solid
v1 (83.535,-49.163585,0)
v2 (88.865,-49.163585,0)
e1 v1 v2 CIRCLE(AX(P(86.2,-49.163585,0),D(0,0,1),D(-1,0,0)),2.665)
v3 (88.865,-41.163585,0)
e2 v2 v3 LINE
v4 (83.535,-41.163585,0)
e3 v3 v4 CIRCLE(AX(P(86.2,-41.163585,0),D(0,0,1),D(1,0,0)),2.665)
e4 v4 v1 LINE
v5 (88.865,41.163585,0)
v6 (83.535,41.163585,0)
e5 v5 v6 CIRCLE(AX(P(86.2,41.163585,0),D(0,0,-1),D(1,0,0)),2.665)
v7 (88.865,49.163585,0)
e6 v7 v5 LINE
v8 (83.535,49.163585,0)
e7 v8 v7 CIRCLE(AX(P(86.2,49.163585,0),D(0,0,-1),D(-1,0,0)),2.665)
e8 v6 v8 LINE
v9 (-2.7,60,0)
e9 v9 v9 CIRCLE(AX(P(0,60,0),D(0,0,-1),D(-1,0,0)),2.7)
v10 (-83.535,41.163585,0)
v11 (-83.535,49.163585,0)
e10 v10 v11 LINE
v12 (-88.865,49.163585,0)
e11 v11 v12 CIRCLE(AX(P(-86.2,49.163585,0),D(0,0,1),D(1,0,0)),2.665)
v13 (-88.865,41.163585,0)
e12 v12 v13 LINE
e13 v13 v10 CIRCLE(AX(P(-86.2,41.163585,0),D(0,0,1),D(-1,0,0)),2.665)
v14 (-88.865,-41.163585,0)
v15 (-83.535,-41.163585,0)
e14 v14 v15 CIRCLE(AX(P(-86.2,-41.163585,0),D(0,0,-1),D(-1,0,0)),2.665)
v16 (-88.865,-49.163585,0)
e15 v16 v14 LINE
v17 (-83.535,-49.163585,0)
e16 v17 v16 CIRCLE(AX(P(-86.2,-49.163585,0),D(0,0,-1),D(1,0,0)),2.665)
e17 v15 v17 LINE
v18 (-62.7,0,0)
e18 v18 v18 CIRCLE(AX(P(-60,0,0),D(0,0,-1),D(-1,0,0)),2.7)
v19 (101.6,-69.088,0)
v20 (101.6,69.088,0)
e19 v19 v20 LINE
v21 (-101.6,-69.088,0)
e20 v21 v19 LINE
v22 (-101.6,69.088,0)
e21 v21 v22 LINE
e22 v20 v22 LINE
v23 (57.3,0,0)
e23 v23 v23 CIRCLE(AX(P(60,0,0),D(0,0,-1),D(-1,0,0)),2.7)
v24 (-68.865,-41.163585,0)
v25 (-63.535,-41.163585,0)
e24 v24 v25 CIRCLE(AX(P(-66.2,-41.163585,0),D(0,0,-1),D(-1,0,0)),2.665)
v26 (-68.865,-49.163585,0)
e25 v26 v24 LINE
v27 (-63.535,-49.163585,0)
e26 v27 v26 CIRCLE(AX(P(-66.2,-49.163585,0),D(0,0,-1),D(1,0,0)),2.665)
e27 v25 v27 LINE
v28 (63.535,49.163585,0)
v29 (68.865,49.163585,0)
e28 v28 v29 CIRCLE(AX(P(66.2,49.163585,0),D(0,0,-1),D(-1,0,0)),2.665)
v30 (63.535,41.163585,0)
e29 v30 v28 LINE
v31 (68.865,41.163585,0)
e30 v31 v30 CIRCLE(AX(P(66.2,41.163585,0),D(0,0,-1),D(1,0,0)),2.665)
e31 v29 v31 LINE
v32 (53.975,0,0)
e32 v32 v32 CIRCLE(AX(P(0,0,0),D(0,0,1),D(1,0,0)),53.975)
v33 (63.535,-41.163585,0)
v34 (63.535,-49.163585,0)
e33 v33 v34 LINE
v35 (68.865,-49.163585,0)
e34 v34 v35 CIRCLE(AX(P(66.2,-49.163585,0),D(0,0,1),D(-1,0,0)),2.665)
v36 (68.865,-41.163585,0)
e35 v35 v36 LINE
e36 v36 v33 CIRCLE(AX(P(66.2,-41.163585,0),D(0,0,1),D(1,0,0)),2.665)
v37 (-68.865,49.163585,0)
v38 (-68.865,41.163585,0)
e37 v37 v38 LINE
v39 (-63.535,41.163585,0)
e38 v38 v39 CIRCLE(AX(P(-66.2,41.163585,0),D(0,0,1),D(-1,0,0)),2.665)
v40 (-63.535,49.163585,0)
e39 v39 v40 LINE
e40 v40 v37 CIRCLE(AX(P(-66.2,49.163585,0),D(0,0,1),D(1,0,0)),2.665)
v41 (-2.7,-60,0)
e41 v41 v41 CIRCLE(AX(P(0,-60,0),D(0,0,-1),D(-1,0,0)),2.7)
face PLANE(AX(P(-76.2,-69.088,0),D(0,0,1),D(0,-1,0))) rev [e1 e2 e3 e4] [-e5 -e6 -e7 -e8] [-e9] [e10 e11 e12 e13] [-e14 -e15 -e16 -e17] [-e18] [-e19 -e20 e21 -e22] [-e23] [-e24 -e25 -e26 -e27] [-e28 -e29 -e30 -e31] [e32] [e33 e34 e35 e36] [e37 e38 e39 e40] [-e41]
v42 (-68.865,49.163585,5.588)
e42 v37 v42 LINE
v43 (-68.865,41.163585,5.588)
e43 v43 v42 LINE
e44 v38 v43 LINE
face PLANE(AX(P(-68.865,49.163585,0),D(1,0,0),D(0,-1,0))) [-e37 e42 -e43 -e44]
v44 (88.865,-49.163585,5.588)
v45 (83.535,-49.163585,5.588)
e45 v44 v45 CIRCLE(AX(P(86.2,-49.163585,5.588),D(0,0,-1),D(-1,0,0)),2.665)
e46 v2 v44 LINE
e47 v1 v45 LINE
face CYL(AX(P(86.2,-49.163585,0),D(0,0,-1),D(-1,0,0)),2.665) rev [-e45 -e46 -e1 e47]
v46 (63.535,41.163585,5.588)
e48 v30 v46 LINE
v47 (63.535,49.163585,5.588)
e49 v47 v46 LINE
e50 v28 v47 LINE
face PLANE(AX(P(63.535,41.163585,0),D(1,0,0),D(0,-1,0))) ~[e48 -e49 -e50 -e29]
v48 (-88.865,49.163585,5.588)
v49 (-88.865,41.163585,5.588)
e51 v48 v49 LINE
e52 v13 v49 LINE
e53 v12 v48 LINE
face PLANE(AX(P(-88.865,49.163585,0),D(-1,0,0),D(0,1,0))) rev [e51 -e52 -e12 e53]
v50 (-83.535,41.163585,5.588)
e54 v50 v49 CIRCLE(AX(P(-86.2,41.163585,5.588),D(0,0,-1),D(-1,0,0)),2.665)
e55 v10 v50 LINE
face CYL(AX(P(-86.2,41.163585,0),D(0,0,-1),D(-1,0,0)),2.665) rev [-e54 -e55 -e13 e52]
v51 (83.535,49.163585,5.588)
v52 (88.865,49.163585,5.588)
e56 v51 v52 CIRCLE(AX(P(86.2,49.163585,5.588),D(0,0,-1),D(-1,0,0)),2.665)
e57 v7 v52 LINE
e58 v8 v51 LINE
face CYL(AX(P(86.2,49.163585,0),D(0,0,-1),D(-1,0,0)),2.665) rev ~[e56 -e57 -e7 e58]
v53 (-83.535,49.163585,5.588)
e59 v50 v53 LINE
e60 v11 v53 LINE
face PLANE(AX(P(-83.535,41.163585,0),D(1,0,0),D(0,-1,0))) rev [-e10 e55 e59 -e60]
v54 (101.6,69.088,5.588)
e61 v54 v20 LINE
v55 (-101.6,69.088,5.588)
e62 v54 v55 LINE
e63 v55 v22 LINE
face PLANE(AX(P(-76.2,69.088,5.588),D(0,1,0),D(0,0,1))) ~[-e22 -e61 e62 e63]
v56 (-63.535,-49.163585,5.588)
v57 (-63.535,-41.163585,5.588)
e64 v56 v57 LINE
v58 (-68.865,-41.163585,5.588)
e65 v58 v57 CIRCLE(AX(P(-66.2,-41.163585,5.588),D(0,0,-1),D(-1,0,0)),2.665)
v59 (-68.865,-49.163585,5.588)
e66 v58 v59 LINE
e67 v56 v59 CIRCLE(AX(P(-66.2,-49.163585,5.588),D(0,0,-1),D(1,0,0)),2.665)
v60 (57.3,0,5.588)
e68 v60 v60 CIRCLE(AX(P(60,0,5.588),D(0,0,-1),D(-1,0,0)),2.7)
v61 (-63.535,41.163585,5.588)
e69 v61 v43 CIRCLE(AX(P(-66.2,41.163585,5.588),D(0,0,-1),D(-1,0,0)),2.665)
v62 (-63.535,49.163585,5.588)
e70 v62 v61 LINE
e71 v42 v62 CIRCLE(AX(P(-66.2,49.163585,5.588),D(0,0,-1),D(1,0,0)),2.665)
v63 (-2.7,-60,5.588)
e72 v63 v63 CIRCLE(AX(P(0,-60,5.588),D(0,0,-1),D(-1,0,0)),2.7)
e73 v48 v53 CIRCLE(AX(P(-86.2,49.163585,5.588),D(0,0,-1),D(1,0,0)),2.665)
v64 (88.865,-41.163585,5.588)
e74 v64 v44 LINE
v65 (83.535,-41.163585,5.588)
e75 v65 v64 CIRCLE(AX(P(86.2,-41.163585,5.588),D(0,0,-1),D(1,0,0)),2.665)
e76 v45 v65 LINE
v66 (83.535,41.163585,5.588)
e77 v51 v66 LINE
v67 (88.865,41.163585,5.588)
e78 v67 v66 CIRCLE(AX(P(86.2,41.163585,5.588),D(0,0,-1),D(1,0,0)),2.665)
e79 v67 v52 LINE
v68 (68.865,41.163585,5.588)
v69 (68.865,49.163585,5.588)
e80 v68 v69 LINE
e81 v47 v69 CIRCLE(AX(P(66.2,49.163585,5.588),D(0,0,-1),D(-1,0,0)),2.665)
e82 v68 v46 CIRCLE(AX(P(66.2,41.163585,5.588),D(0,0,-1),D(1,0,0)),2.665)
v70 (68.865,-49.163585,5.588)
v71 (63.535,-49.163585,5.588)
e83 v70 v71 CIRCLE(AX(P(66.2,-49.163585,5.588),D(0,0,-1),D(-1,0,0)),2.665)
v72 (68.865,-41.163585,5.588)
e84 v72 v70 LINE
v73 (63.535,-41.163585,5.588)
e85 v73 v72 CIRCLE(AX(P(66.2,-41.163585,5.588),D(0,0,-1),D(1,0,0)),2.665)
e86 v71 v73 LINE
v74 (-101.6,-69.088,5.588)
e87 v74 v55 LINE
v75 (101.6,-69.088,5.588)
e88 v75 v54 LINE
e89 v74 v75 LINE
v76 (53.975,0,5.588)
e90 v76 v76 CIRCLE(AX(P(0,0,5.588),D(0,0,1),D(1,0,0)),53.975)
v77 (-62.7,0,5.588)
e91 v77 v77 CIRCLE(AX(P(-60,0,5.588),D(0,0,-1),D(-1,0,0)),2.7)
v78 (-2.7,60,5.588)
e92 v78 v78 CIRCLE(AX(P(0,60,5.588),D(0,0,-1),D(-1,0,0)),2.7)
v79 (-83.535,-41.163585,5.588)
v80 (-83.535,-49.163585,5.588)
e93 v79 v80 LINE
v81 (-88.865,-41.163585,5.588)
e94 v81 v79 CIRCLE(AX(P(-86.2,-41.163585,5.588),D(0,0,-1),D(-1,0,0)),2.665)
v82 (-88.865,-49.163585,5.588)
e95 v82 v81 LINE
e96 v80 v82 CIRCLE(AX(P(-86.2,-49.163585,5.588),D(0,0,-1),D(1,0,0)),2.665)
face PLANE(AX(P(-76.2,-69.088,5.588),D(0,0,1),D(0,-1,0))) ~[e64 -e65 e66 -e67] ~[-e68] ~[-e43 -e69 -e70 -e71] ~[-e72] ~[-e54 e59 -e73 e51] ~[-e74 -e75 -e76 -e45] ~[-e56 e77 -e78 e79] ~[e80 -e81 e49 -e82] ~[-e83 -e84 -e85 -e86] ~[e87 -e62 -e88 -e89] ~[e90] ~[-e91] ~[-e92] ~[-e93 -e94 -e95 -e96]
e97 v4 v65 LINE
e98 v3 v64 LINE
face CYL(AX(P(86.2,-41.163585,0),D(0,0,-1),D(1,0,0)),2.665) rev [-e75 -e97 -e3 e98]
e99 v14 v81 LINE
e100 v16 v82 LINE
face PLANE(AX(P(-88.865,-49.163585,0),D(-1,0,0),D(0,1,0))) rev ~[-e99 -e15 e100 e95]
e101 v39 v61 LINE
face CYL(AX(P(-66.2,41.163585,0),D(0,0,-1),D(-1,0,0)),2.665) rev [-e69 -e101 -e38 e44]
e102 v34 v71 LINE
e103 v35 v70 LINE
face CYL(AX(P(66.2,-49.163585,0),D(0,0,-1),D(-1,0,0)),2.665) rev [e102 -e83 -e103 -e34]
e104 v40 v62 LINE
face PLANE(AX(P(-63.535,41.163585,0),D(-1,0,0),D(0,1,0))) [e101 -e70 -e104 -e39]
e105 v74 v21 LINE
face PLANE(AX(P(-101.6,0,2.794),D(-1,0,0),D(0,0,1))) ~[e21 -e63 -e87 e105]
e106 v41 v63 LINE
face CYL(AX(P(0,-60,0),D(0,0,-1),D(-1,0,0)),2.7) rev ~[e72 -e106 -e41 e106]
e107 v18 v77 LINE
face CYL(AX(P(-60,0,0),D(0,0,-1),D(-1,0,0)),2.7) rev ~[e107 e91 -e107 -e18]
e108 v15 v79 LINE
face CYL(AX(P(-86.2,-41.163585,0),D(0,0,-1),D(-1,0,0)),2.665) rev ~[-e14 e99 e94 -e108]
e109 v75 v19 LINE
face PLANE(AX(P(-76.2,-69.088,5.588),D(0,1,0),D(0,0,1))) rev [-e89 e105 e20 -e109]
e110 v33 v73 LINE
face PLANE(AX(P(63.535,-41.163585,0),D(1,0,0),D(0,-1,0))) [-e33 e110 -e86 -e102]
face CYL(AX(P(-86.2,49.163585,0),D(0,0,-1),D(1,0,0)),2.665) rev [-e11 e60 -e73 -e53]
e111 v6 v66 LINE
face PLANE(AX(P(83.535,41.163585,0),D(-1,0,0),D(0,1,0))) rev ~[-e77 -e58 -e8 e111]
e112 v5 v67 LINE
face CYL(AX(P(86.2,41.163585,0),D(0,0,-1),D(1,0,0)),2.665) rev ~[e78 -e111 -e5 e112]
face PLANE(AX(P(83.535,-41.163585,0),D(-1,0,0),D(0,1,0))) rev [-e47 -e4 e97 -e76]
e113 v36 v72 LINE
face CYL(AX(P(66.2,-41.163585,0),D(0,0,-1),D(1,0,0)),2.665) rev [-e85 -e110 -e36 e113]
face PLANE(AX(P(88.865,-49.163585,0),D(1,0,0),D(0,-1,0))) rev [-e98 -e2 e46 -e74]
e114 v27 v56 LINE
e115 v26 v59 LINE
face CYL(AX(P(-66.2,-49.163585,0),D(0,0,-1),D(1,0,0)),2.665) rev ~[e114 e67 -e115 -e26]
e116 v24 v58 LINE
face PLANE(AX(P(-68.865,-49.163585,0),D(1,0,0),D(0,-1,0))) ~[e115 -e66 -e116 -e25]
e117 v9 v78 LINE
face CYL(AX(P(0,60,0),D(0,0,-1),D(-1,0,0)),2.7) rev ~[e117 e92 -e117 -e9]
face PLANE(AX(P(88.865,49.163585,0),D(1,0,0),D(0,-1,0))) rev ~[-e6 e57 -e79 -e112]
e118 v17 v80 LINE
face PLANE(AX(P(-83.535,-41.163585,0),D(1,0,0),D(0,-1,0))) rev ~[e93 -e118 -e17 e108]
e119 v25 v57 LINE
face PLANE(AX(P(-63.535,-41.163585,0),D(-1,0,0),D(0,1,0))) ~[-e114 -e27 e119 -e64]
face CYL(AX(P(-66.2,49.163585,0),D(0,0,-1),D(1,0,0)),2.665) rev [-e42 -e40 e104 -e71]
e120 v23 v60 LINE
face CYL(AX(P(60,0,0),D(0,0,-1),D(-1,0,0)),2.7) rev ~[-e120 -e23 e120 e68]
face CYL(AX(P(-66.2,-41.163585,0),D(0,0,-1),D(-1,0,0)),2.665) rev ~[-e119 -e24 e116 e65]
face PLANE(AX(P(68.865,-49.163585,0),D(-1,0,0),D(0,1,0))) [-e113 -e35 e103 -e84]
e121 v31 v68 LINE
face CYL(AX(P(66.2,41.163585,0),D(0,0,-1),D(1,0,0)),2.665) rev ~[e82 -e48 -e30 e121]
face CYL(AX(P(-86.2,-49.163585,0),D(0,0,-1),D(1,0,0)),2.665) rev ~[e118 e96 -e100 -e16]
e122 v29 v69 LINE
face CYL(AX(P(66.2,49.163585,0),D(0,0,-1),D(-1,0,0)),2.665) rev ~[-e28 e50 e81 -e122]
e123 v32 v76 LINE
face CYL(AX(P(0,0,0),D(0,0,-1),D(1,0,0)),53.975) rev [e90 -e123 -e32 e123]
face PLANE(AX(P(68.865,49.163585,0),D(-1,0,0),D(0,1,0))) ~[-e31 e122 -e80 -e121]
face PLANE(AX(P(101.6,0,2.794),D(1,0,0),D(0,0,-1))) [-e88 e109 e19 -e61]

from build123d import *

# Parameters (mm, degrees)
SKETCH1_W                                = 152.4
SKETCH1_H                                = 138.176
SKETCH1_R                                = 53.975
BOSS_EXTRUDE1_DEPTH                      = 5.588
SKETCH5_R                                = 2.665
CUT_EXTRUDE4_DEPTH                       = 450.319819698
CUT_EXTRUDE5_DEPTH                       = 104.008822379
MIRROR1_AT_THE_SECOND_PLANE_COPY_1_DEPTH = 104.008822379
SKETCH7_W                                = 5.588
SKETCH7_H                                = 138.176
BOSS_EXTRUDE2_DEPTH                      = 25.4
CUT_EXTRUDE6_DEPTH                       = 123.991615519
MIRROR3_COPY_1_DEPTH                     = 123.991615519
SKETCH9_R                                = 2.7
CUT_EXTRUDE7_DEPTH                       = 483.750396617


with BuildPart() as part:
    # Sketch1 → Boss-Extrude1 (new body)
    with BuildSketch(Plane.XY):
        Rectangle(SKETCH1_W, SKETCH1_H)
        Circle(SKETCH1_R, mode=Mode.SUBTRACT)
    extrude(amount=BOSS_EXTRUDE1_DEPTH)

    # Sketch5 → Cut-Extrude4 (cut, through all)
    with BuildSketch(Plane(origin=(-338.200209725, -104.490630048, 5.588), x_dir=(0.9999190535665993, -0.012723455288419956, 0), z_dir=(0, 0, 1))):
        with Locations(Location((403.626134832, 63.40628164, 0), (0, 0, 0.729019959))):
            Circle(SKETCH5_R)
    extrude(amount=-CUT_EXTRUDE4_DEPTH, mode=Mode.SUBTRACT)

    # Sketch6 → Cut-Extrude5 (cut, through all)
    with BuildSketch(Plane(origin=(0, 0, 0), x_dir=(-1, 0, 0), z_dir=(0, 0, -1))):
        with BuildLine():
            Line((-68.865, -49.163584611), (-68.865, -41.163584611))
            ThreePointArc((-68.865, -41.163584611), (-66.2, -38.498584611), (-63.535, -41.163584611))
            Line((-63.535, -41.163584611), (-63.535, -49.163584611))
            ThreePointArc((-63.535, -49.163584611), (-66.2, -51.828584611), (-68.865, -49.163584611))
        make_face()
    cut_extrude5 = extrude(amount=-CUT_EXTRUDE5_DEPTH, mode=Mode.SUBTRACT)

    # Mirror1: Cut-Extrude5 across plane
    add(cut_extrude5.mirror(Plane(origin=(0, 0, 0), x_dir=(0, 0, 1), z_dir=(1, 0, 0))), mode=Mode.SUBTRACT)

    # Mirror1 at the second plane: Cut-Extrude5 across plane
    add(cut_extrude5.mirror(Plane.ZX), mode=Mode.SUBTRACT)

    # Mirror1 at the second plane copy 1 sketc → Mirror1 at the second plane copy 1 (cut, through all)
    with BuildSketch(Plane(origin=(0, 0, 0), x_dir=(1, 0, 0), z_dir=(0, 0, -1))):
        with BuildLine():
            Line((-68.865, -49.163584611), (-68.865, -41.163584611))
            ThreePointArc((-68.865, -41.163584611), (-66.2, -38.498584611), (-63.535, -41.163584611))
            Line((-63.535, -41.163584611), (-63.535, -49.163584611))
            ThreePointArc((-63.535, -49.163584611), (-66.2, -51.828584611), (-68.865, -49.163584611))
        make_face()
    extrude(amount=-MIRROR1_AT_THE_SECOND_PLANE_COPY_1_DEPTH, mode=Mode.SUBTRACT)

    # Sketch7 → Boss-Extrude2 (add)
    with BuildSketch(Plane(origin=(76.2, 0, 0), x_dir=(0, 0, -1), z_dir=(1, 0, 0))):
        with Locations((-2.794, 0)):
            Rectangle(SKETCH7_W, SKETCH7_H)
    boss_extrude2 = extrude(amount=BOSS_EXTRUDE2_DEPTH)

    # Sketch8 → Cut-Extrude6 (cut, through all)
    with BuildSketch(Plane(origin=(0, 0, 0), x_dir=(-1, 0, 0), z_dir=(0, 0, -1))):
        with BuildLine():
            Line((-63.535, 49.163584611), (-63.535, 41.163584611))
            ThreePointArc((-63.535, 41.163584611), (-66.2, 38.498584611), (-68.865, 41.163584611))
            Line((-68.865, 41.163584611), (-68.865, 49.163584611))
            ThreePointArc((-68.865, 49.163584611), (-66.2, 51.828584611), (-63.535, 49.163584611))
        make_face()
        with BuildLine():
            Line((-83.535, 41.163584611), (-83.535, 49.163584611))
            ThreePointArc((-83.535, 49.163584611), (-86.2, 51.828584611), (-88.865, 49.163584611))
            Line((-88.865, 49.163584611), (-88.865, 41.163584611))
            ThreePointArc((-88.865, 41.163584611), (-86.2, 38.498584611), (-83.535, 41.163584611))
        make_face()
    cut_extrude6 = extrude(amount=-CUT_EXTRUDE6_DEPTH, mode=Mode.SUBTRACT)

    # Mirror2: Cut-Extrude6 across plane
    add(cut_extrude6.mirror(Plane.ZX), mode=Mode.SUBTRACT)

    # Mirror3: Boss-Extrude2, Cut-Extrude6 across plane
    add(boss_extrude2.mirror(Plane(origin=(0, 0, 0), x_dir=(0, 0, 1), z_dir=(1, 0, 0))))
    add(cut_extrude6.mirror(Plane(origin=(0, 0, 0), x_dir=(0, 0, 1), z_dir=(1, 0, 0))), mode=Mode.SUBTRACT)

    # Mirror3 copy 1 sketch → Mirror3 copy 1 (cut, through all)
    with BuildSketch(Plane(origin=(0, 0, 0), x_dir=(1, 0, 0), z_dir=(0, 0, -1))):
        with BuildLine():
            Line((-63.535, 49.163584611), (-63.535, 41.163584611))
            ThreePointArc((-63.535, 41.163584611), (-66.2, 38.498584611), (-68.865, 41.163584611))
            Line((-68.865, 41.163584611), (-68.865, 49.163584611))
            ThreePointArc((-68.865, 49.163584611), (-66.2, 51.828584611), (-63.535, 49.163584611))
        make_face()
        with BuildLine():
            Line((-83.535, 41.163584611), (-83.535, 49.163584611))
            ThreePointArc((-83.535, 49.163584611), (-86.2, 51.828584611), (-88.865, 49.163584611))
            Line((-88.865, 49.163584611), (-88.865, 41.163584611))
            ThreePointArc((-88.865, 41.163584611), (-86.2, 38.498584611), (-83.535, 41.163584611))
        make_face()
    extrude(amount=-MIRROR3_COPY_1_DEPTH, mode=Mode.SUBTRACT)

    # Sketch9 → Cut-Extrude7 (cut, through all)
    with BuildSketch(Plane(origin=(-338.200209725, -129.890630048, 0), x_dir=(-0.9999190535665993, 0.012723455288419956, 0), z_dir=(0, 0, -1))):
        with Locations(Location((-276.525032787, 133.419783795, 0), (0, 0, 359.270980041))):
            Circle(SKETCH9_R)
        with Locations(Location((-337.283583318, 74.188047898, 0), (0, 0, 359.270980041))):
            Circle(SKETCH9_R)
        with Locations(Location((-396.515319215, 134.946598429, 0), (0, 0, 359.270980041))):
            Circle(SKETCH9_R)
        with Locations(Location((-335.756768683, 194.178334326, 0), (0, 0, 359.270980041))):
            Circle(SKETCH9_R)
    extrude(amount=-CUT_EXTRUDE7_DEPTH, mode=Mode.SUBTRACT)


solid = part.part
